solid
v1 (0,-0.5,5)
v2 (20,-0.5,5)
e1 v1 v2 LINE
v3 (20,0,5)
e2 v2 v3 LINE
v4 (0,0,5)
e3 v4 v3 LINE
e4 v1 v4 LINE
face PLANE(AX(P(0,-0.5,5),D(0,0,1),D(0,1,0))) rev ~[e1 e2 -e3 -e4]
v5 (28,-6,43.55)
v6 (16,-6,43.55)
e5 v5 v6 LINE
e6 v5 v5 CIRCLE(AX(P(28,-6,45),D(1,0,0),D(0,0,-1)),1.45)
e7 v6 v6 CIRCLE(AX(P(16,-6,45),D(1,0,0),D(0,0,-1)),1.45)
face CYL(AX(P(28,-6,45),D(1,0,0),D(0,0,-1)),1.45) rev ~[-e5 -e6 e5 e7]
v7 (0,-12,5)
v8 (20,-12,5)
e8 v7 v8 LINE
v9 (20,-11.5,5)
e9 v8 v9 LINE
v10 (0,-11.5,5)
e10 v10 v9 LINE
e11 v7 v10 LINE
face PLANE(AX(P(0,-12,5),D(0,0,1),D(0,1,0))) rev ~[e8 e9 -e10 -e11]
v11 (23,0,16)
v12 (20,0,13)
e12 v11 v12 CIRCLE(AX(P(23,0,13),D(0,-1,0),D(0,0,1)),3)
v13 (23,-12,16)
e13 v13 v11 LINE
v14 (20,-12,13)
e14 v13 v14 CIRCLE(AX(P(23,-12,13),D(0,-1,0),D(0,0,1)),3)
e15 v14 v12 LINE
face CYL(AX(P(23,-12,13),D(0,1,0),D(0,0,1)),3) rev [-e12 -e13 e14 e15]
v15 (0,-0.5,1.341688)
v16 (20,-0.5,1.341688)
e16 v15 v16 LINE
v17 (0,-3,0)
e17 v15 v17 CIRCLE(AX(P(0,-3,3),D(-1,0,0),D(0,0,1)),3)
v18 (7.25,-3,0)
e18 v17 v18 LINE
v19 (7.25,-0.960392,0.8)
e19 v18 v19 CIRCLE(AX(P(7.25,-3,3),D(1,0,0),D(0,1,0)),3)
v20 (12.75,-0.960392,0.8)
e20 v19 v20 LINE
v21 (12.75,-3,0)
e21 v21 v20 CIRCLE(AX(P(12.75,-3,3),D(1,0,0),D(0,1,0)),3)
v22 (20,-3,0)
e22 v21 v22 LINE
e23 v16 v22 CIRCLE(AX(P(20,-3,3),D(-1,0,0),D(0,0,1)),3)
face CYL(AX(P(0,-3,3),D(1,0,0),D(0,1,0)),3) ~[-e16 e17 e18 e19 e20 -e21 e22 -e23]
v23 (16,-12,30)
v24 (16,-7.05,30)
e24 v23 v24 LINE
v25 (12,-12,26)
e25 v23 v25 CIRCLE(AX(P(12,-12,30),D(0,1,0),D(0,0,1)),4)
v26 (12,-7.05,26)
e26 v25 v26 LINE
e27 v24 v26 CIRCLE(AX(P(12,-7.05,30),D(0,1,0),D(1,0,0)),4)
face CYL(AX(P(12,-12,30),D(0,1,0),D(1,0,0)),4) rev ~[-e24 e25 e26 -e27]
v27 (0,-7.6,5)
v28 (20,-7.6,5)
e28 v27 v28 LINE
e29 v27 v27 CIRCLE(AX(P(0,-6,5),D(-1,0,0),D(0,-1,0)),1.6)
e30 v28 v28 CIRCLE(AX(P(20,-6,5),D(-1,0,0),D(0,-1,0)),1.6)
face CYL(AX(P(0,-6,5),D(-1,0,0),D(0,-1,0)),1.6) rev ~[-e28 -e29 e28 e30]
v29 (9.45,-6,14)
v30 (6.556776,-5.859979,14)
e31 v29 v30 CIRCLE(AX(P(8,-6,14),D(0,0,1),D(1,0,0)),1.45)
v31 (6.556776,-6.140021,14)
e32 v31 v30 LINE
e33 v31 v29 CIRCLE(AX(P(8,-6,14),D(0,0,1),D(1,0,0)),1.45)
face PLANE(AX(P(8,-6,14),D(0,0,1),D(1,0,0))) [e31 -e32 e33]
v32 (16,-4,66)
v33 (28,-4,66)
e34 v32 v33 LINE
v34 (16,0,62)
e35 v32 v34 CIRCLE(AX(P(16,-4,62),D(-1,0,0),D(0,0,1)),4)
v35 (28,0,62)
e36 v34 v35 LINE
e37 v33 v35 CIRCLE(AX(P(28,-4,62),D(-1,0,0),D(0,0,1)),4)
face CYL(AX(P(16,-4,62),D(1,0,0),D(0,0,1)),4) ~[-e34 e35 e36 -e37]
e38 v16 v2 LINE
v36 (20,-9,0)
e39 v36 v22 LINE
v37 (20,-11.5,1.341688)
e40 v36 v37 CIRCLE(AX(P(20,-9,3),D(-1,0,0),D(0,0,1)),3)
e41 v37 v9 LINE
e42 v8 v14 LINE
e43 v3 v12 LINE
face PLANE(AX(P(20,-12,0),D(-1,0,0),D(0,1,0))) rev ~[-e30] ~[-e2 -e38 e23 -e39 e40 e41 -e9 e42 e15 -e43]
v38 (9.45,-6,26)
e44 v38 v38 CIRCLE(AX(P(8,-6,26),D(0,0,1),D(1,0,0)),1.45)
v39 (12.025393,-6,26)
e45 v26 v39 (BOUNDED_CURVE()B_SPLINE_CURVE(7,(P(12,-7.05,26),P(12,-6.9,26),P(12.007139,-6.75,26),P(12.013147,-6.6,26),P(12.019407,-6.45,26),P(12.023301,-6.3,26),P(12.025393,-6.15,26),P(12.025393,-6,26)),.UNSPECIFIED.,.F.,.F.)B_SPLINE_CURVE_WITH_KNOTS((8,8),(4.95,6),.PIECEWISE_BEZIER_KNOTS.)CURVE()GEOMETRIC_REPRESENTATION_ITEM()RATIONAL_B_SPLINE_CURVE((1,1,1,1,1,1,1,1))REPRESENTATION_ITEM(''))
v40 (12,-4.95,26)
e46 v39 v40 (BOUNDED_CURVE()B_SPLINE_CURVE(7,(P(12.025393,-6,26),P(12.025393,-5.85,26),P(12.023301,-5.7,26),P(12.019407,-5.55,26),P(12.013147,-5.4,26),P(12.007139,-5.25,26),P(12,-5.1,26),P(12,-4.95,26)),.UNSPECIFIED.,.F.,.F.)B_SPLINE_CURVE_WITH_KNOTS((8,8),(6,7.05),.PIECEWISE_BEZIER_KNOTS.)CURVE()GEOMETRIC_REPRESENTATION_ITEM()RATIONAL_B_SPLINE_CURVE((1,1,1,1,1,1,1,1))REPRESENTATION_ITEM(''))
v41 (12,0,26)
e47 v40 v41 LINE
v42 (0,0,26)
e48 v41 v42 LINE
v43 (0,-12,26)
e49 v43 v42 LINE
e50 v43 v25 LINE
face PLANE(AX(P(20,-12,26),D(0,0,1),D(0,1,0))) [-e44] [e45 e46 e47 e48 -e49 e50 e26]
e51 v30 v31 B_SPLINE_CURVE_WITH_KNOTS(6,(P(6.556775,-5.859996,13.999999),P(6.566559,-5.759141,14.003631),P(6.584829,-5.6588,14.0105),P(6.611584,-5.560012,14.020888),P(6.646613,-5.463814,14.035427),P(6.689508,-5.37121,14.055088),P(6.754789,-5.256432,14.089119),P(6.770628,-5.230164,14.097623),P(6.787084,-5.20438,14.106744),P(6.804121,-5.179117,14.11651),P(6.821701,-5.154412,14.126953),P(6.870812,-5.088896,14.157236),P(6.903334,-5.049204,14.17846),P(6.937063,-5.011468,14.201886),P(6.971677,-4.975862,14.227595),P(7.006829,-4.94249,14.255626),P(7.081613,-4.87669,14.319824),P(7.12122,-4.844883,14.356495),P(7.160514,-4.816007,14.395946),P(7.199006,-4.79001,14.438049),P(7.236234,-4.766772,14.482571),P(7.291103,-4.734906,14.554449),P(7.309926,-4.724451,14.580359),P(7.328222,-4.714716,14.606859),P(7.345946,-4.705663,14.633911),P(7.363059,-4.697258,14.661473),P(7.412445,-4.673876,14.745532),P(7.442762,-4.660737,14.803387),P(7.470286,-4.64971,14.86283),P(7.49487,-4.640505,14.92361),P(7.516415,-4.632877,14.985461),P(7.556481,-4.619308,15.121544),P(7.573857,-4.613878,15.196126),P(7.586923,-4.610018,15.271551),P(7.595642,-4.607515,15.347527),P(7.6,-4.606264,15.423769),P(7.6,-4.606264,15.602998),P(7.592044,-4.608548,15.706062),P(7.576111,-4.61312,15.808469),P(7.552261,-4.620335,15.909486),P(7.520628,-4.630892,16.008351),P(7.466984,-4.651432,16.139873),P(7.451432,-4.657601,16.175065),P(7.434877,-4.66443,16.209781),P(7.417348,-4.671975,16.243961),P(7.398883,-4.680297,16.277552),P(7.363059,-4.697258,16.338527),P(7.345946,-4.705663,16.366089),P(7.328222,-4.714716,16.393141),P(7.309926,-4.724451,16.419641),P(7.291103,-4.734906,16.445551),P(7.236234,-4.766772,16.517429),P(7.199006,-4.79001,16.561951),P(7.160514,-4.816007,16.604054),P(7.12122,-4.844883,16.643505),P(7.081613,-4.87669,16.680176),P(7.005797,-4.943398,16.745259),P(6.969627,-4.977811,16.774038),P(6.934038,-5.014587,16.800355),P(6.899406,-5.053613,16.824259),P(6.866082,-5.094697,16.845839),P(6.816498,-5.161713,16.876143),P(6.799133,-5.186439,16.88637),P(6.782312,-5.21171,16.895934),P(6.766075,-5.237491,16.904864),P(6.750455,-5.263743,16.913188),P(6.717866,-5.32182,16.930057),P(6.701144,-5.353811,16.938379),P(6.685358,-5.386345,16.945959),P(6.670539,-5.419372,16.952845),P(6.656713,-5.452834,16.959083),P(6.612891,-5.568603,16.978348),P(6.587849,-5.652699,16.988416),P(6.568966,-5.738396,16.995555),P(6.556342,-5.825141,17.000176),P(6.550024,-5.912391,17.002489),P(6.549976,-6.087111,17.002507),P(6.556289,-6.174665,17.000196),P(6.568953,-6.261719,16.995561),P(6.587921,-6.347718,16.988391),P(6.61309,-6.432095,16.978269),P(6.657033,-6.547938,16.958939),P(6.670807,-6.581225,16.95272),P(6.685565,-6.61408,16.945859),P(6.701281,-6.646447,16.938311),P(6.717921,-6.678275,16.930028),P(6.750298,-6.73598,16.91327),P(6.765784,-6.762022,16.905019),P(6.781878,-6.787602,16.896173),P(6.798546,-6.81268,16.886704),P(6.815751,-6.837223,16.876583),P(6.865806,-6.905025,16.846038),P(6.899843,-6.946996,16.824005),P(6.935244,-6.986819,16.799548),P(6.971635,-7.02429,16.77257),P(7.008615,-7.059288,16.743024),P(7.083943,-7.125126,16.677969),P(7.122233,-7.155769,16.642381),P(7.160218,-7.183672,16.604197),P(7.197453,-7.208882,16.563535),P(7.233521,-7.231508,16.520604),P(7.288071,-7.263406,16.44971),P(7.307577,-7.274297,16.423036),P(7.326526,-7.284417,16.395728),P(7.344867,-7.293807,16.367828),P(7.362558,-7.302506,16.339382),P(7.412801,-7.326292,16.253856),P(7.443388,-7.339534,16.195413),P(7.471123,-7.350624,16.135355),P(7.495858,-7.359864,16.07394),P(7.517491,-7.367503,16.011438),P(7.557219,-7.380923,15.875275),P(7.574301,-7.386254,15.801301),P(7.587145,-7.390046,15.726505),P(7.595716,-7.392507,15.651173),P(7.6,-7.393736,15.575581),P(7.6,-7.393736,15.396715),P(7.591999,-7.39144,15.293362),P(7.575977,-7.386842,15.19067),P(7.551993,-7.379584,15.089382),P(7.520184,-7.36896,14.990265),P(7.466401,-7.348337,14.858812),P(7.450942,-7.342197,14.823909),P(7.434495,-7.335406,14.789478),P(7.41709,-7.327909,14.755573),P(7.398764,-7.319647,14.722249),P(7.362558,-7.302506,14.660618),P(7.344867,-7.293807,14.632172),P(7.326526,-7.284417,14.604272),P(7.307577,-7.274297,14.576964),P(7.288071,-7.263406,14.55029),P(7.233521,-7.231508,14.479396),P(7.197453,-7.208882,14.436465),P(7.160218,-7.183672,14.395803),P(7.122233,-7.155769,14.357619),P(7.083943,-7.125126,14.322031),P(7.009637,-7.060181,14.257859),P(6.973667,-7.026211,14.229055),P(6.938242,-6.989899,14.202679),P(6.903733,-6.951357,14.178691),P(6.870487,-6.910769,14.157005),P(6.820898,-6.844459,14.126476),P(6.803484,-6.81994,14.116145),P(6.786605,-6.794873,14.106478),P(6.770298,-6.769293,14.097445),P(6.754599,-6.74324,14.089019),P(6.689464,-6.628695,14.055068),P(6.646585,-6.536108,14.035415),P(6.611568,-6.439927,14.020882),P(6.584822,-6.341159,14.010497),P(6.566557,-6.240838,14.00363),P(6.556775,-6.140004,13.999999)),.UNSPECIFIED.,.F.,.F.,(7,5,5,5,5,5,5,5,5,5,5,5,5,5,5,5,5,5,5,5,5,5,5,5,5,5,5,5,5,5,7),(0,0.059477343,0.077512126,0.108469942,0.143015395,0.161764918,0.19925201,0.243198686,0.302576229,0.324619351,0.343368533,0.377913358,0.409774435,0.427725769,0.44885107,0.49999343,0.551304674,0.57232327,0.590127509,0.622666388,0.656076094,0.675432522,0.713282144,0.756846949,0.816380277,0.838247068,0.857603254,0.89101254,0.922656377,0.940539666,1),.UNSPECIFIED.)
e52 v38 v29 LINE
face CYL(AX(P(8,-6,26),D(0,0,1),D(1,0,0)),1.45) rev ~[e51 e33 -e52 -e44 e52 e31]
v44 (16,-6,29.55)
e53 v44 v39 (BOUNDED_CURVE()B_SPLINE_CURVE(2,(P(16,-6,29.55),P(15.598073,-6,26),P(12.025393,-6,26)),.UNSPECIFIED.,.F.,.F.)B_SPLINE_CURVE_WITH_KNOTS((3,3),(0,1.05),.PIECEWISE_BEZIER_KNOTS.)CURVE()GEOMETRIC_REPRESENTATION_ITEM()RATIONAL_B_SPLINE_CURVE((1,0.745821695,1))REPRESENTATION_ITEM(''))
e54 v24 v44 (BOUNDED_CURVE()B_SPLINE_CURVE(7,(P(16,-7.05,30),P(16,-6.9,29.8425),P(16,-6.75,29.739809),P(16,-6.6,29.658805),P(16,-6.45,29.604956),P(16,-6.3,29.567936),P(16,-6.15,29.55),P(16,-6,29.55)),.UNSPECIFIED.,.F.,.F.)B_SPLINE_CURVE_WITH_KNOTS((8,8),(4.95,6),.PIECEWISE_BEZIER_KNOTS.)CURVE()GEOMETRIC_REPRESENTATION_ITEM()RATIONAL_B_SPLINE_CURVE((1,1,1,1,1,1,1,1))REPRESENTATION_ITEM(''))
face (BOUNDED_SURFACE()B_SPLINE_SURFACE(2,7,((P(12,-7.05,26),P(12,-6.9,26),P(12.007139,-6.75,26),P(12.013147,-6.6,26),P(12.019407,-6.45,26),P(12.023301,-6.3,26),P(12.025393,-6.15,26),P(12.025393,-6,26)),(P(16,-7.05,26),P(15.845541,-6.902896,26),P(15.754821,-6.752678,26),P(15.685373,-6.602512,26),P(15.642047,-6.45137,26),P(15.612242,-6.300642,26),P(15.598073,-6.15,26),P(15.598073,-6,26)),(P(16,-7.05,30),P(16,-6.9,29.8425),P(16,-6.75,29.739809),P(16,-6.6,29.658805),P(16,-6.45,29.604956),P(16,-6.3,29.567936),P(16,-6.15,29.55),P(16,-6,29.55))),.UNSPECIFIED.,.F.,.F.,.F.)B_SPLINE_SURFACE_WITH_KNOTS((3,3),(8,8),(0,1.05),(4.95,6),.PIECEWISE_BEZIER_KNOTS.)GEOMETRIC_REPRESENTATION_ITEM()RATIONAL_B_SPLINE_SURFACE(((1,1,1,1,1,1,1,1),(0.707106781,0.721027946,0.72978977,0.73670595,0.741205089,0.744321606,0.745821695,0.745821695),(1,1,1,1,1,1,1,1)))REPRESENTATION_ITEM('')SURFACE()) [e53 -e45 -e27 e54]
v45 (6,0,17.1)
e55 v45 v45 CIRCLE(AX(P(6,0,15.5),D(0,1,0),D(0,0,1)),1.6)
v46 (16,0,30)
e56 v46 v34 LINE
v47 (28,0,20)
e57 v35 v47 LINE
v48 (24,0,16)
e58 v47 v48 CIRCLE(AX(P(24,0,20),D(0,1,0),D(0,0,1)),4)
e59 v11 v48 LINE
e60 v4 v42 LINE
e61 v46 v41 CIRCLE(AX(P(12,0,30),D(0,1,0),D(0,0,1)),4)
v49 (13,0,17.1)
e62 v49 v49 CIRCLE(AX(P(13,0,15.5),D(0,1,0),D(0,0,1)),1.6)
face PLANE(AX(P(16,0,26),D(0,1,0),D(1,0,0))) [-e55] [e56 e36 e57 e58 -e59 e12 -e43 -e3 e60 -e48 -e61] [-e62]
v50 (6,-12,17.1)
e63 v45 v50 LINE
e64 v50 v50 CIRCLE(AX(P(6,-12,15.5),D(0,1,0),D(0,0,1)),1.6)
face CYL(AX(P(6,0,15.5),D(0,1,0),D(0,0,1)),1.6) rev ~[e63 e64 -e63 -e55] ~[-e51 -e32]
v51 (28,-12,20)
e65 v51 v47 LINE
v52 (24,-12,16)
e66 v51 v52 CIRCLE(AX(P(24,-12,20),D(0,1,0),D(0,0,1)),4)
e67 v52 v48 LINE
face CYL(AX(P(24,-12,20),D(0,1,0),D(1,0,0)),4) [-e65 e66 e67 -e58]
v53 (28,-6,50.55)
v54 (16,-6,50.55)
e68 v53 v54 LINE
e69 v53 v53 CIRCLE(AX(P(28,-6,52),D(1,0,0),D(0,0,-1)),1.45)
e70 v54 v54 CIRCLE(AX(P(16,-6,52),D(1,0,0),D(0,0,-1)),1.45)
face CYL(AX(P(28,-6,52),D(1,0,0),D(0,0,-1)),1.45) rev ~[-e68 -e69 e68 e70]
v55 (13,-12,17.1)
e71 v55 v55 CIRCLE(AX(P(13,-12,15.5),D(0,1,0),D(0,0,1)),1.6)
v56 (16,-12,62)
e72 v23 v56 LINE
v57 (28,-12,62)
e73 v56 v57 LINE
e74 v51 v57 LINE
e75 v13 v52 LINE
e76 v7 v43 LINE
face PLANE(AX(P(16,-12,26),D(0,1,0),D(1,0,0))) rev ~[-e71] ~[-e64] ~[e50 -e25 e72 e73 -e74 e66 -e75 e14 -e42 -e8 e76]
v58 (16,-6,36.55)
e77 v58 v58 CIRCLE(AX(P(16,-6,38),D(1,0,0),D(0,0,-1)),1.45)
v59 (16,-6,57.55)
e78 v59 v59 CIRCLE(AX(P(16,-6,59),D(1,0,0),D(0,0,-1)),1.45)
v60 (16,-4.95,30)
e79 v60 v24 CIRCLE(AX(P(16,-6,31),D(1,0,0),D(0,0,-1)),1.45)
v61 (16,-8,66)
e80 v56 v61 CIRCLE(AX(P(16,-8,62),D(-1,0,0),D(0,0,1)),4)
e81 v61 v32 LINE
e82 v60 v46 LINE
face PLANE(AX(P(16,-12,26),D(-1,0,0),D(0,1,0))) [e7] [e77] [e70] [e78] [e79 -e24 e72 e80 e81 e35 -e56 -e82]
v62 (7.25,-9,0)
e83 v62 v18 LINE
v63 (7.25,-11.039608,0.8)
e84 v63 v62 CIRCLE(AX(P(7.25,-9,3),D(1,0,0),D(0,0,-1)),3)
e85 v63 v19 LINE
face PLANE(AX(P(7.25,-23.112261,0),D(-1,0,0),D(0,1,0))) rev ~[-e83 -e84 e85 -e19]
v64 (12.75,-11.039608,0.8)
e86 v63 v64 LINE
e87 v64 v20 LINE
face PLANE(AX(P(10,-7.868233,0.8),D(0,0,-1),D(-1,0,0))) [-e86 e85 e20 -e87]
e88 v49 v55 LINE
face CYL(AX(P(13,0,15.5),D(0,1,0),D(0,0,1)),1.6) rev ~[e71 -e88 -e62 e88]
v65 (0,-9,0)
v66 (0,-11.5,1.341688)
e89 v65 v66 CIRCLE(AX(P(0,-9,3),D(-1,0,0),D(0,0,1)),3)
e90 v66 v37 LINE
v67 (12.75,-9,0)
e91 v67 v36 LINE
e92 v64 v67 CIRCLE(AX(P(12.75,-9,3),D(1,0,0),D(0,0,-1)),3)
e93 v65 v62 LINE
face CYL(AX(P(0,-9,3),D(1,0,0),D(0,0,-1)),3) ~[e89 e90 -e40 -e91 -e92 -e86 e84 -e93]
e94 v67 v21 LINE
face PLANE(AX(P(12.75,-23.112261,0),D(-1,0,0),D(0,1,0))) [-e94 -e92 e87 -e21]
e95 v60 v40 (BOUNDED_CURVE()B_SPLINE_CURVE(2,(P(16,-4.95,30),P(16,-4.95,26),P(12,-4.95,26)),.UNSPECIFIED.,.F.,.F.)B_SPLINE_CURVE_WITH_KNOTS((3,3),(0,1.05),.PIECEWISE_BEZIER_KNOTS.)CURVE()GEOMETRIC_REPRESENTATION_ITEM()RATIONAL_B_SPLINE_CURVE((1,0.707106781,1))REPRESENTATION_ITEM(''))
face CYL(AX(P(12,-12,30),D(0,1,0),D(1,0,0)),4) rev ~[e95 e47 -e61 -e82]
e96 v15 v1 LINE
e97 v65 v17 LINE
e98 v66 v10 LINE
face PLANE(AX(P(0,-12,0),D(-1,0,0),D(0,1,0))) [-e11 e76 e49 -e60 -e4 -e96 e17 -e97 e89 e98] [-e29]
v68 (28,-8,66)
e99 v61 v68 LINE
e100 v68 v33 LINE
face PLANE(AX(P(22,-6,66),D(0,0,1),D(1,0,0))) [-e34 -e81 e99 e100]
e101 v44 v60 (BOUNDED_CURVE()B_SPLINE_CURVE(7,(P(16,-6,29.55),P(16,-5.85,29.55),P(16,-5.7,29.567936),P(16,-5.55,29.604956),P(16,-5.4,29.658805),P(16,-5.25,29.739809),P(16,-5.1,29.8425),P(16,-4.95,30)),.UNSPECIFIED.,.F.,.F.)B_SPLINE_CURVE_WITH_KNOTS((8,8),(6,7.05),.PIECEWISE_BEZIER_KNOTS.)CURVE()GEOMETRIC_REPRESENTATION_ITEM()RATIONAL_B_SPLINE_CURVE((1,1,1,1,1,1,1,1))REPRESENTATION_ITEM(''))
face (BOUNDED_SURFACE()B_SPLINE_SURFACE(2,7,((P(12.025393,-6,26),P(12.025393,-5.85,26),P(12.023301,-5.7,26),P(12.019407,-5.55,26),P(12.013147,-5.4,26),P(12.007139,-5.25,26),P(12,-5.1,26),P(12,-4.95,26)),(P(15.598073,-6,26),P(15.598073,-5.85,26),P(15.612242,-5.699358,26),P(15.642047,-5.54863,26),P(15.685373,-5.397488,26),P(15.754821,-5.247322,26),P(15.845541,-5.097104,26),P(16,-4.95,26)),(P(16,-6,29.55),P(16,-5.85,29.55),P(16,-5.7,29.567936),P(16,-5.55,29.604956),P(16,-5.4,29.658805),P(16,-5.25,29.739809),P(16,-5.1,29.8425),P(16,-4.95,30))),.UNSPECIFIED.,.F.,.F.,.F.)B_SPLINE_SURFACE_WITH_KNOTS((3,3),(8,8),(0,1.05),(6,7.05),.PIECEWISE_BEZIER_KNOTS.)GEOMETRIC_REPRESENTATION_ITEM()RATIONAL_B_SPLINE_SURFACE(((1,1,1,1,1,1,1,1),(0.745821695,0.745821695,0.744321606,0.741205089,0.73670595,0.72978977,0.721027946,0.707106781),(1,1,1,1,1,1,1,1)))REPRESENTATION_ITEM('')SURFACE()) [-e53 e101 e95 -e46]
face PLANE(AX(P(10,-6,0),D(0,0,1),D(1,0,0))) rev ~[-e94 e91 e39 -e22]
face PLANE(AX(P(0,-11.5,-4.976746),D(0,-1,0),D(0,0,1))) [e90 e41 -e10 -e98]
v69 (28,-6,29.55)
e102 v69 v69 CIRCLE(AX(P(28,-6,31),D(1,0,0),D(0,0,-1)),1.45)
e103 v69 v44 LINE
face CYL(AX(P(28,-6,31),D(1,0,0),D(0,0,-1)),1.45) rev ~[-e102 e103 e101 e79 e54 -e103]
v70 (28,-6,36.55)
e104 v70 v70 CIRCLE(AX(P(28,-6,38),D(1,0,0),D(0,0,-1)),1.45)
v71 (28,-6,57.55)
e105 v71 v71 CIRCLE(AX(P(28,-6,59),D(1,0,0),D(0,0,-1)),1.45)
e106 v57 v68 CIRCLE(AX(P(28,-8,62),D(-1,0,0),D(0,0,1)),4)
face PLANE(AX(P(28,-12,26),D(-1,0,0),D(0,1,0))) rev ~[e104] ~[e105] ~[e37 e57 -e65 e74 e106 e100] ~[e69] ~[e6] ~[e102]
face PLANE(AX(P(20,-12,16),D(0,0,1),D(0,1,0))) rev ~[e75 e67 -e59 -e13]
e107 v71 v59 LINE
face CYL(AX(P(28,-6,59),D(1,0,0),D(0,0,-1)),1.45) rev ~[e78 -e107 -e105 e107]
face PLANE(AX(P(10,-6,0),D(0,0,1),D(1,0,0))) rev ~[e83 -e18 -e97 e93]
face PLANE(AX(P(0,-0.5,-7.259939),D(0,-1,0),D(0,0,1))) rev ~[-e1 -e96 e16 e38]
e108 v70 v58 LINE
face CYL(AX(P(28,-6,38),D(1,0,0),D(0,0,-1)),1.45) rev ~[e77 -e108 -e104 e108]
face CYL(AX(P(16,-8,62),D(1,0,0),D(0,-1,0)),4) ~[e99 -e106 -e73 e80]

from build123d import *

# Parameters (mm, degrees)
SKETCH1_W           = 20
SKETCH1_H           = 12
BOSS_EXTRUDE1_DEPTH = 26
SKETCH2_W           = 10
SKETCH2_H           = 12
BOSS_EXTRUDE2_DEPTH = 8
SKETCH4_R           = 1.6
CUT_EXTRUDE2_DEPTH  = 41.049968789
FILLET1_R           = 3
FILLET3_R           = 3
SKETCH5_W           = 9.976745634
SKETCH5_H           = 0.5
SKETCH5_W_2         = 12.25993895
CUT_EXTRUDE3_DEPTH  = 41.049968789
SKETCH6_W           = 5.5
SKETCH6_H           = 30.488056323
CUT_EXTRUDE4_DEPTH  = 0.8
SKETCH8_W           = 12
SKETCH8_H           = 12
BOSS_EXTRUDE3_DEPTH = 40
SKETCH3_R           = 1.6
CUT_EXTRUDE1_DEPTH  = 73.691127382
SKETCH9_R           = 1.45
CUT_EXTRUDE6_DEPTH  = 12
FILLET4_R           = 4
SKETCH10_R          = 1.45
CUT_EXTRUDE7_DEPTH  = 12
FILLET5_R           = 4
FILLET7_R           = 4


with BuildPart() as part:
    # Sketch1 → Boss-Extrude1 (new body)
    with BuildSketch(Plane.XY):
        with Locations((10, -6)):
            Rectangle(SKETCH1_W, SKETCH1_H)
    extrude(amount=BOSS_EXTRUDE1_DEPTH)

    # Sketch2 → Boss-Extrude2 (add)
    with BuildSketch(Plane(origin=(20, 0, 0), x_dir=(0, 0, -1), z_dir=(1, 0, 0))):
        with Locations((-21, -6)):
            Rectangle(SKETCH2_W, SKETCH2_H)
    extrude(amount=BOSS_EXTRUDE2_DEPTH)

    # Sketch4 → Cut-Extrude2 (cut, through all)
    with BuildSketch(Plane(origin=(0, 0, 0), x_dir=(1, 0, 0), z_dir=(0, 1, 0))):
        with Locations(Location((13, -15.5, 0), (0, 0, 270))):
            Circle(SKETCH4_R)
        with Locations(Location((6, -15.5, 0), (0, 0, 270))):
            Circle(SKETCH4_R)
    extrude(amount=-CUT_EXTRUDE2_DEPTH, mode=Mode.SUBTRACT)

    # Fillet1
    fillet1_edges = [part.edges().sort_by_distance(p)[0] for p in [
        (20, -6, 16),
    ]]
    fillet(fillet1_edges, radius=FILLET1_R)

    # Fillet3
    fillet3_edges = [part.edges().sort_by_distance(p)[0] for p in [
        (10, 0, 0),
        (10, -12, 0),
    ]]
    fillet(fillet3_edges, radius=FILLET3_R)

    # Sketch5 → Cut-Extrude3 (cut, through all)
    with BuildSketch(Plane.ZY):
        with Locations((0.011627183, -11.75)):
            Rectangle(SKETCH5_W, SKETCH5_H)
        with Locations((-1.129969475, -0.25)):
            Rectangle(SKETCH5_W_2, SKETCH5_H)
    extrude(amount=-CUT_EXTRUDE3_DEPTH, mode=Mode.SUBTRACT)

    # Sketch6 → Cut-Extrude4 (cut)
    with BuildSketch(Plane(origin=(0, 0, 0), x_dir=(-1, 0, 0), z_dir=(0, 0, -1))):
        with Locations((-10, -7.868232937)):
            Rectangle(SKETCH6_W, SKETCH6_H)
    extrude(amount=-CUT_EXTRUDE4_DEPTH, mode=Mode.SUBTRACT)

    # Sketch8 → Boss-Extrude3 (add)
    with BuildSketch(Plane.XY.offset(26)):
        with Locations((22, -6)):
            Rectangle(SKETCH8_W, SKETCH8_H)
    extrude(amount=BOSS_EXTRUDE3_DEPTH)

    # Sketch3 → Cut-Extrude1 (cut, through all)
    with BuildSketch(Plane.ZY):
        with Locations(Location((5, -6, 0), (0, 0, 270))):
            Circle(SKETCH3_R)
    extrude(amount=-CUT_EXTRUDE1_DEPTH, mode=Mode.SUBTRACT)

    # Sketch9 → Cut-Extrude6 (cut)
    with BuildSketch(Plane(origin=(28, 0, 0), x_dir=(0, 0, -1), z_dir=(1, 0, 0))):
        with Locations((-31, -6)):
            Circle(SKETCH9_R)
        with Locations((-38, -6)):
            Circle(SKETCH9_R)
        with Locations((-45, -6)):
            Circle(SKETCH9_R)
        with Locations((-52, -6)):
            Circle(SKETCH9_R)
        with Locations((-59, -6)):
            Circle(SKETCH9_R)
    extrude(amount=-CUT_EXTRUDE6_DEPTH, mode=Mode.SUBTRACT)

    # Fillet4
    fillet4_edges = [part.edges().sort_by_distance(p)[0] for p in [
        (16, -6, 26),
    ]]
    fillet(fillet4_edges, radius=FILLET4_R)

    # Sketch10 → Cut-Extrude7 (cut)
    with BuildSketch(Plane.XY.offset(26)):
        with Locations((8, -6)):
            Circle(SKETCH10_R)
    extrude(amount=-CUT_EXTRUDE7_DEPTH, mode=Mode.SUBTRACT)

    # Fillet5
    fillet5_edges = [part.edges().sort_by_distance(p)[0] for p in [
        (28, -6, 16),
    ]]
    fillet(fillet5_edges, radius=FILLET5_R)

    # Fillet7
    fillet7_edges = [part.edges().sort_by_distance(p)[0] for p in [
        (22, 0, 66),
        (22, -12, 66),
    ]]
    fillet(fillet7_edges, radius=FILLET7_R)


solid = part.part
